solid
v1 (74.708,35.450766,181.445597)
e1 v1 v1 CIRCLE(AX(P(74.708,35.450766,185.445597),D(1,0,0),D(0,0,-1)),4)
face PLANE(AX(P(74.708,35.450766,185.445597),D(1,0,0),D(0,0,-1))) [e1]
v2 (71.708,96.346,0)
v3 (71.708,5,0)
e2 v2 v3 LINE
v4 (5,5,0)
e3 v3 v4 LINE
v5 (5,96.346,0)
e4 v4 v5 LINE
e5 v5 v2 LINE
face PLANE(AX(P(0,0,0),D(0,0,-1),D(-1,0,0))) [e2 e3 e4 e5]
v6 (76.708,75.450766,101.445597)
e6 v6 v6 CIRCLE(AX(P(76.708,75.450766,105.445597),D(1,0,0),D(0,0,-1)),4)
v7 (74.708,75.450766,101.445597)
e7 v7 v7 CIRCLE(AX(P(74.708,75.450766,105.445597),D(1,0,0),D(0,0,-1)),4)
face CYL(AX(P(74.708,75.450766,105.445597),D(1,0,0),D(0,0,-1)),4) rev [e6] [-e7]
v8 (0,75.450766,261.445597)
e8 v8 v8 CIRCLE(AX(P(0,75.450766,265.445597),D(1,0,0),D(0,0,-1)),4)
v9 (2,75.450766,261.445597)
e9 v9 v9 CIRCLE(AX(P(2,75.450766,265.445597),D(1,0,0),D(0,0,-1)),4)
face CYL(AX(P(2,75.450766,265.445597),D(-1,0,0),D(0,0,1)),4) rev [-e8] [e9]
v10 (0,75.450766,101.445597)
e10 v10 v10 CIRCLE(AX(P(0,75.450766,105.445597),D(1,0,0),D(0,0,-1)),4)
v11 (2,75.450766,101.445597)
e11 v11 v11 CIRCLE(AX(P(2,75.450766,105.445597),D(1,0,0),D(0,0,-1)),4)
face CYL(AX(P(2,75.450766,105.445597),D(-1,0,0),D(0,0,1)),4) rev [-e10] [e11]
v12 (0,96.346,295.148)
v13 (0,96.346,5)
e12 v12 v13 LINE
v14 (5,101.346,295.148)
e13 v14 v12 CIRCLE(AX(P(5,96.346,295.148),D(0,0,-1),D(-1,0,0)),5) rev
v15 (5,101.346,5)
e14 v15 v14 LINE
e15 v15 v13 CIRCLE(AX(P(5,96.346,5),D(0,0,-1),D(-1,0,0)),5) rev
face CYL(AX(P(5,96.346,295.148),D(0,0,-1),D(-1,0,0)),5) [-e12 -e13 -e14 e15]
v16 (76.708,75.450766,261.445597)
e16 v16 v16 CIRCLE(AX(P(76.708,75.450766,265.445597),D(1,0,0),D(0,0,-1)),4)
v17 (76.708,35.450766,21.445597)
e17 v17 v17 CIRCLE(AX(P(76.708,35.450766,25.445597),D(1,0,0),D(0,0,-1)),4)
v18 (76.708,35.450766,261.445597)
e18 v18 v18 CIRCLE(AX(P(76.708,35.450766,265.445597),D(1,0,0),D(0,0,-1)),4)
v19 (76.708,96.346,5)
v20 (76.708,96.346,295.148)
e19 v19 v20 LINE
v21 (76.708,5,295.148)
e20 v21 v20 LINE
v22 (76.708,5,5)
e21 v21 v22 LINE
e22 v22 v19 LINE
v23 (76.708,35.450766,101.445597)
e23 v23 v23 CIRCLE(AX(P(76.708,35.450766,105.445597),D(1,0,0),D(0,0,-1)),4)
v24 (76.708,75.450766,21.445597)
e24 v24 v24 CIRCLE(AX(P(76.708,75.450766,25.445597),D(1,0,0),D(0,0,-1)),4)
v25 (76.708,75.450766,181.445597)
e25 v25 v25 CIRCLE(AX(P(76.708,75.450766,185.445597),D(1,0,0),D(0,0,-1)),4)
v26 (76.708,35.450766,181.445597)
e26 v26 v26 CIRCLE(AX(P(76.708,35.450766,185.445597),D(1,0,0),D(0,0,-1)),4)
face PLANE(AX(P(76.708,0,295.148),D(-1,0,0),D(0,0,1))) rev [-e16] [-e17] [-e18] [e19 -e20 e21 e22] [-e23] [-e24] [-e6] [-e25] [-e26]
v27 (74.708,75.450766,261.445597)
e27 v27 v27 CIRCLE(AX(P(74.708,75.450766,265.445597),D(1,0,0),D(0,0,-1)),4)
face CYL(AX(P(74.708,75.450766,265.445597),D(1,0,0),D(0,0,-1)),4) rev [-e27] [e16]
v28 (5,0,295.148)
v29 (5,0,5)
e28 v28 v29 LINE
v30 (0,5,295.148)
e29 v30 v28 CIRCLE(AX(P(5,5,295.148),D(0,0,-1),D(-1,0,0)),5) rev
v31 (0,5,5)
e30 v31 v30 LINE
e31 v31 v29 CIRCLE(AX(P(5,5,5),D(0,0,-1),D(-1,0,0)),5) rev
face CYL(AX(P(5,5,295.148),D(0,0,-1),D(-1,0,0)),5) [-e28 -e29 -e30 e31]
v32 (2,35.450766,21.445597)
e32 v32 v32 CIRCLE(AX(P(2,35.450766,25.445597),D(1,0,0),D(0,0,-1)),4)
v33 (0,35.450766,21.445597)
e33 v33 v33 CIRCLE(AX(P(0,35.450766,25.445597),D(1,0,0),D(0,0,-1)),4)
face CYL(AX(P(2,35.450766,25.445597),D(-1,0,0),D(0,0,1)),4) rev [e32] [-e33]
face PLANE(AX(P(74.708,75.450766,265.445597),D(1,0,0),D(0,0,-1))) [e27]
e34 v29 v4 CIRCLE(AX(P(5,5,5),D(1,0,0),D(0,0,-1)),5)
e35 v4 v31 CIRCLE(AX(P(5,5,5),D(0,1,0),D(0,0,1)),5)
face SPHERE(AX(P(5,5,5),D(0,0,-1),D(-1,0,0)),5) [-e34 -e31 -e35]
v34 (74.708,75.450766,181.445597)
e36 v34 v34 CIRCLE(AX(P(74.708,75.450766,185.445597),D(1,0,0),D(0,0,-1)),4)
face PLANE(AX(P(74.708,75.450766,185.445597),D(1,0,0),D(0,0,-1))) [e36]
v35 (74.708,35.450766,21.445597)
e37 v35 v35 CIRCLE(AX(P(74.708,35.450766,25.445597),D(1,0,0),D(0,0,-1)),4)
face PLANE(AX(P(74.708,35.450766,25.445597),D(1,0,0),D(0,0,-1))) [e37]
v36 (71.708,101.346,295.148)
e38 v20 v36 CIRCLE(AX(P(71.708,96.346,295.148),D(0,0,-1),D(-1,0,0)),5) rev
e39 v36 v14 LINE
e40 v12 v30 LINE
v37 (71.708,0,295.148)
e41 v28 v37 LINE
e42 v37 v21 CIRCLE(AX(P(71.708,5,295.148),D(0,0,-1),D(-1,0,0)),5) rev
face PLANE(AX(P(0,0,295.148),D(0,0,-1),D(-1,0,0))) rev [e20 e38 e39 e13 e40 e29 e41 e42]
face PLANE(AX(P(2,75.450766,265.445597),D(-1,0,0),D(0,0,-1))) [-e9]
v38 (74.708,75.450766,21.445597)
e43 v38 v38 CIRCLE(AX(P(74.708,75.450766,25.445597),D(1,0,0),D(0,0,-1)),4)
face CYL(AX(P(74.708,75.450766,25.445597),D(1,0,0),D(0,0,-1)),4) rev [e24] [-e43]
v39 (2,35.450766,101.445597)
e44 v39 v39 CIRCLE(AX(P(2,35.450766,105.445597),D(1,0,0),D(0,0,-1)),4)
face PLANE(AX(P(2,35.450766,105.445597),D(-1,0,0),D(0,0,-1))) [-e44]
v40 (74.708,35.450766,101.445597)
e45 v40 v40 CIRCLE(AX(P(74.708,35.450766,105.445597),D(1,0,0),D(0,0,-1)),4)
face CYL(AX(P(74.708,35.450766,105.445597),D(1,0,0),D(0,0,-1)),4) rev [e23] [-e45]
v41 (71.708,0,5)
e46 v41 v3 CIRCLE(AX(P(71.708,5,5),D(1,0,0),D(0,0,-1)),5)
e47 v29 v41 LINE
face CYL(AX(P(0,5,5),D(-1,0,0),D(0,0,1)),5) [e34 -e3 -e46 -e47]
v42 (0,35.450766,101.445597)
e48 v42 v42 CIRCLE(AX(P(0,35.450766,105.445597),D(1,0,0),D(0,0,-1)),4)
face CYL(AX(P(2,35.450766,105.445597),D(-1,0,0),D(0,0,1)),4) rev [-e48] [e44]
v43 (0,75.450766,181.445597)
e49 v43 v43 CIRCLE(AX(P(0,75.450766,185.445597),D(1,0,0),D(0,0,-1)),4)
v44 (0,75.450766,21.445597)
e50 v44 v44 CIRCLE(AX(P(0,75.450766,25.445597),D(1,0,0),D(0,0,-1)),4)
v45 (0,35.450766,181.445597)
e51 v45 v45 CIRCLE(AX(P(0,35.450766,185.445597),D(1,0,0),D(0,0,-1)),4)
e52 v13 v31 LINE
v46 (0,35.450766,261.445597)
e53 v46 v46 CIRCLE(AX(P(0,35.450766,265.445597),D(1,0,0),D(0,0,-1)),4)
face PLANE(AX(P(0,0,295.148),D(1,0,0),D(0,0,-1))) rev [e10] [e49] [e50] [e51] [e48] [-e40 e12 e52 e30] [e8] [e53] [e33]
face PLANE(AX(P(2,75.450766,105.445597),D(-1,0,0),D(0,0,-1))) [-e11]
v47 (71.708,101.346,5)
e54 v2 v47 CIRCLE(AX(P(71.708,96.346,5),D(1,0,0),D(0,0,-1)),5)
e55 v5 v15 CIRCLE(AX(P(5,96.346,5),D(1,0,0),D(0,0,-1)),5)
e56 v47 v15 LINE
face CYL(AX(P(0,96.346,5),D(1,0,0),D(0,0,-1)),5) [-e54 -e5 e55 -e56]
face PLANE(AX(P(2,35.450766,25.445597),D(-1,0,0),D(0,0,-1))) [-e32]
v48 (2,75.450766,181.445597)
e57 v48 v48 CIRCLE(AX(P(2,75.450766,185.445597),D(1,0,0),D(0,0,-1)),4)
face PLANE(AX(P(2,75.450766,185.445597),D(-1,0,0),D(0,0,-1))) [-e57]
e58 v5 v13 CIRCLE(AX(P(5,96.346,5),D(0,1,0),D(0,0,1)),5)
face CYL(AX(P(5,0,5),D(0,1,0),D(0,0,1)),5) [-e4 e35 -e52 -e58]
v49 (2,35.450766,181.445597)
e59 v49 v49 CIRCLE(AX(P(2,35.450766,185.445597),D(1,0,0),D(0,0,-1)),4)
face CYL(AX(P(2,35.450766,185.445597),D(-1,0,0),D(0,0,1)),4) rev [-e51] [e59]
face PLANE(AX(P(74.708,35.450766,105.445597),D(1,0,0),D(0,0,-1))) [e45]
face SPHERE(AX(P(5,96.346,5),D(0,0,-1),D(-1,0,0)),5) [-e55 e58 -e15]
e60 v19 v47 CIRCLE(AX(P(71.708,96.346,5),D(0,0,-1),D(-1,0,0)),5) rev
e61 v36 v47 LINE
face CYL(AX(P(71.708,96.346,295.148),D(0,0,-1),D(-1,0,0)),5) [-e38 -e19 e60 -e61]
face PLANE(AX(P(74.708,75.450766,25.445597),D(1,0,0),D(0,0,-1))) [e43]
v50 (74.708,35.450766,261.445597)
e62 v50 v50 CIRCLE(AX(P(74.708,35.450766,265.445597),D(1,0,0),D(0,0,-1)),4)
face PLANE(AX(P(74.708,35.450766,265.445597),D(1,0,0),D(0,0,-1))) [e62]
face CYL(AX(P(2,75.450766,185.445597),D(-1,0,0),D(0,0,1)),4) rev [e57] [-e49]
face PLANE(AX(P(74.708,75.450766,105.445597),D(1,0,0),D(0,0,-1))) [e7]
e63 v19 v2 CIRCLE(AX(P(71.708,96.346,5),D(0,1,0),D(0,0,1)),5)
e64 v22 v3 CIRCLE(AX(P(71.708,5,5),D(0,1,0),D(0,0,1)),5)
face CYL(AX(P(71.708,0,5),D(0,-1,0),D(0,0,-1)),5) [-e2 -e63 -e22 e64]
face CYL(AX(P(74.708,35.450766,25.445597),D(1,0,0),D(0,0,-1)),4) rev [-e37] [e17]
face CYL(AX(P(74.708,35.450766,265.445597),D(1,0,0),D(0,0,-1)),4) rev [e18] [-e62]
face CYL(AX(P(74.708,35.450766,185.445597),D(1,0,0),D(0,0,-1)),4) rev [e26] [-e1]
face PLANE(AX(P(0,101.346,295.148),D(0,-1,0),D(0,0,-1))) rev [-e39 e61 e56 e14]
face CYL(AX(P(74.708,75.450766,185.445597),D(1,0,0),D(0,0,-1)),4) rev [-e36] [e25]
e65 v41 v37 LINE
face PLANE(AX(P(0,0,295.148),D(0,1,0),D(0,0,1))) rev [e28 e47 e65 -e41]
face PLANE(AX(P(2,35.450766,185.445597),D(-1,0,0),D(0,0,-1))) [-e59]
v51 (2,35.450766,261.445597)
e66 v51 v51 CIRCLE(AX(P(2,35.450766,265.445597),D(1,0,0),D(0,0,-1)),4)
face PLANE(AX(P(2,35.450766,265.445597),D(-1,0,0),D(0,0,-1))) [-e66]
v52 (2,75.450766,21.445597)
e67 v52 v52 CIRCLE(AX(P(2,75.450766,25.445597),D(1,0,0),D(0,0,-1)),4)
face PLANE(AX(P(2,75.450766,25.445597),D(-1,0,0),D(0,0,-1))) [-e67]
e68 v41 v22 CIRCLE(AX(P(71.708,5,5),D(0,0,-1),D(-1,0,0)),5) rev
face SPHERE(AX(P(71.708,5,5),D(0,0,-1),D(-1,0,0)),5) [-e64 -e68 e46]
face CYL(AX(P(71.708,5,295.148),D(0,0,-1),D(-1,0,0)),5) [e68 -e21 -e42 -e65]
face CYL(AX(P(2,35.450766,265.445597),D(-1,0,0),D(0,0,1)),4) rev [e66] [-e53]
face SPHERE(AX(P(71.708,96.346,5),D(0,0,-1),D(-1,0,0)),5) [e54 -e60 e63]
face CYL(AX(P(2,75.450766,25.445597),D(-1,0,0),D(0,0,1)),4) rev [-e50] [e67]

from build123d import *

# Parameters (mm, degrees)
SKETCH2_W           = 76.708
SKETCH2_H           = 101.346
BOSS_EXTRUDE1_DEPTH = 295.148
SKETCH3_R           = 4
CUT_EXTRUDE1_DEPTH  = 2
FILLET1_R           = 5
FILLET2_R           = 5


with BuildPart() as part:
    # Sketch2 → Boss-Extrude1 (new body)
    with BuildSketch(Plane.XY):
        with Locations((38.354, 50.673)):
            Rectangle(SKETCH2_W, SKETCH2_H)
    extrude(amount=BOSS_EXTRUDE1_DEPTH)

    # Sketch3 → Cut-Extrude1 (cut)
    with BuildSketch(Plane(origin=(76.708, 0, 0), x_dir=(0, 0, -1), z_dir=(1, 0, 0))):
        with Locations((-265.445597479, 75.450765932)):
            Circle(SKETCH3_R)
        with Locations((-185.445597479, 75.450765932)):
            Circle(SKETCH3_R)
        with Locations((-105.445597479, 75.450765932)):
            Circle(SKETCH3_R)
        with Locations((-25.445597479, 75.450765932)):
            Circle(SKETCH3_R)
        with Locations((-185.445597479, 35.450765932)):
            Circle(SKETCH3_R)
        with Locations((-105.445597479, 35.450765932)):
            Circle(SKETCH3_R)
        with Locations((-25.445597479, 35.450765932)):
            Circle(SKETCH3_R)
        with Locations((-265.445597479, 35.450765932)):
            Circle(SKETCH3_R)
    cut_extrude1 = extrude(amount=-CUT_EXTRUDE1_DEPTH, mode=Mode.SUBTRACT)

    # Mirror1: Cut-Extrude1 across plane
    add(cut_extrude1.mirror(Plane.ZY.offset(-38.354)), mode=Mode.SUBTRACT)

    # Fillet1
    fillet1_edges = [part.edges().sort_by_distance(p)[0] for p in [
        (0, 101.346, 147.574),
        (76.708, 101.346, 147.574),
        (76.708, 0, 147.574),
        (0, 0, 147.574),
    ]]
    fillet(fillet1_edges, radius=FILLET1_R)

    # Fillet2
    fillet2_edges = [part.edges().sort_by_distance(p)[0] for p in [
        (38.354, 0, 0),
        (0, 50.673, 0),
        (38.354, 101.346, 0),
        (76.708, 50.673, 0),
        (1.464466094, 99.881533906, 0),
        (75.243533906, 99.881533906, 0),
        (75.243533906, 1.464466094, 0),
        (1.464466094, 1.464466094, 0),
    ]]
    fillet(fillet2_edges, radius=FILLET2_R)


solid = part.part
